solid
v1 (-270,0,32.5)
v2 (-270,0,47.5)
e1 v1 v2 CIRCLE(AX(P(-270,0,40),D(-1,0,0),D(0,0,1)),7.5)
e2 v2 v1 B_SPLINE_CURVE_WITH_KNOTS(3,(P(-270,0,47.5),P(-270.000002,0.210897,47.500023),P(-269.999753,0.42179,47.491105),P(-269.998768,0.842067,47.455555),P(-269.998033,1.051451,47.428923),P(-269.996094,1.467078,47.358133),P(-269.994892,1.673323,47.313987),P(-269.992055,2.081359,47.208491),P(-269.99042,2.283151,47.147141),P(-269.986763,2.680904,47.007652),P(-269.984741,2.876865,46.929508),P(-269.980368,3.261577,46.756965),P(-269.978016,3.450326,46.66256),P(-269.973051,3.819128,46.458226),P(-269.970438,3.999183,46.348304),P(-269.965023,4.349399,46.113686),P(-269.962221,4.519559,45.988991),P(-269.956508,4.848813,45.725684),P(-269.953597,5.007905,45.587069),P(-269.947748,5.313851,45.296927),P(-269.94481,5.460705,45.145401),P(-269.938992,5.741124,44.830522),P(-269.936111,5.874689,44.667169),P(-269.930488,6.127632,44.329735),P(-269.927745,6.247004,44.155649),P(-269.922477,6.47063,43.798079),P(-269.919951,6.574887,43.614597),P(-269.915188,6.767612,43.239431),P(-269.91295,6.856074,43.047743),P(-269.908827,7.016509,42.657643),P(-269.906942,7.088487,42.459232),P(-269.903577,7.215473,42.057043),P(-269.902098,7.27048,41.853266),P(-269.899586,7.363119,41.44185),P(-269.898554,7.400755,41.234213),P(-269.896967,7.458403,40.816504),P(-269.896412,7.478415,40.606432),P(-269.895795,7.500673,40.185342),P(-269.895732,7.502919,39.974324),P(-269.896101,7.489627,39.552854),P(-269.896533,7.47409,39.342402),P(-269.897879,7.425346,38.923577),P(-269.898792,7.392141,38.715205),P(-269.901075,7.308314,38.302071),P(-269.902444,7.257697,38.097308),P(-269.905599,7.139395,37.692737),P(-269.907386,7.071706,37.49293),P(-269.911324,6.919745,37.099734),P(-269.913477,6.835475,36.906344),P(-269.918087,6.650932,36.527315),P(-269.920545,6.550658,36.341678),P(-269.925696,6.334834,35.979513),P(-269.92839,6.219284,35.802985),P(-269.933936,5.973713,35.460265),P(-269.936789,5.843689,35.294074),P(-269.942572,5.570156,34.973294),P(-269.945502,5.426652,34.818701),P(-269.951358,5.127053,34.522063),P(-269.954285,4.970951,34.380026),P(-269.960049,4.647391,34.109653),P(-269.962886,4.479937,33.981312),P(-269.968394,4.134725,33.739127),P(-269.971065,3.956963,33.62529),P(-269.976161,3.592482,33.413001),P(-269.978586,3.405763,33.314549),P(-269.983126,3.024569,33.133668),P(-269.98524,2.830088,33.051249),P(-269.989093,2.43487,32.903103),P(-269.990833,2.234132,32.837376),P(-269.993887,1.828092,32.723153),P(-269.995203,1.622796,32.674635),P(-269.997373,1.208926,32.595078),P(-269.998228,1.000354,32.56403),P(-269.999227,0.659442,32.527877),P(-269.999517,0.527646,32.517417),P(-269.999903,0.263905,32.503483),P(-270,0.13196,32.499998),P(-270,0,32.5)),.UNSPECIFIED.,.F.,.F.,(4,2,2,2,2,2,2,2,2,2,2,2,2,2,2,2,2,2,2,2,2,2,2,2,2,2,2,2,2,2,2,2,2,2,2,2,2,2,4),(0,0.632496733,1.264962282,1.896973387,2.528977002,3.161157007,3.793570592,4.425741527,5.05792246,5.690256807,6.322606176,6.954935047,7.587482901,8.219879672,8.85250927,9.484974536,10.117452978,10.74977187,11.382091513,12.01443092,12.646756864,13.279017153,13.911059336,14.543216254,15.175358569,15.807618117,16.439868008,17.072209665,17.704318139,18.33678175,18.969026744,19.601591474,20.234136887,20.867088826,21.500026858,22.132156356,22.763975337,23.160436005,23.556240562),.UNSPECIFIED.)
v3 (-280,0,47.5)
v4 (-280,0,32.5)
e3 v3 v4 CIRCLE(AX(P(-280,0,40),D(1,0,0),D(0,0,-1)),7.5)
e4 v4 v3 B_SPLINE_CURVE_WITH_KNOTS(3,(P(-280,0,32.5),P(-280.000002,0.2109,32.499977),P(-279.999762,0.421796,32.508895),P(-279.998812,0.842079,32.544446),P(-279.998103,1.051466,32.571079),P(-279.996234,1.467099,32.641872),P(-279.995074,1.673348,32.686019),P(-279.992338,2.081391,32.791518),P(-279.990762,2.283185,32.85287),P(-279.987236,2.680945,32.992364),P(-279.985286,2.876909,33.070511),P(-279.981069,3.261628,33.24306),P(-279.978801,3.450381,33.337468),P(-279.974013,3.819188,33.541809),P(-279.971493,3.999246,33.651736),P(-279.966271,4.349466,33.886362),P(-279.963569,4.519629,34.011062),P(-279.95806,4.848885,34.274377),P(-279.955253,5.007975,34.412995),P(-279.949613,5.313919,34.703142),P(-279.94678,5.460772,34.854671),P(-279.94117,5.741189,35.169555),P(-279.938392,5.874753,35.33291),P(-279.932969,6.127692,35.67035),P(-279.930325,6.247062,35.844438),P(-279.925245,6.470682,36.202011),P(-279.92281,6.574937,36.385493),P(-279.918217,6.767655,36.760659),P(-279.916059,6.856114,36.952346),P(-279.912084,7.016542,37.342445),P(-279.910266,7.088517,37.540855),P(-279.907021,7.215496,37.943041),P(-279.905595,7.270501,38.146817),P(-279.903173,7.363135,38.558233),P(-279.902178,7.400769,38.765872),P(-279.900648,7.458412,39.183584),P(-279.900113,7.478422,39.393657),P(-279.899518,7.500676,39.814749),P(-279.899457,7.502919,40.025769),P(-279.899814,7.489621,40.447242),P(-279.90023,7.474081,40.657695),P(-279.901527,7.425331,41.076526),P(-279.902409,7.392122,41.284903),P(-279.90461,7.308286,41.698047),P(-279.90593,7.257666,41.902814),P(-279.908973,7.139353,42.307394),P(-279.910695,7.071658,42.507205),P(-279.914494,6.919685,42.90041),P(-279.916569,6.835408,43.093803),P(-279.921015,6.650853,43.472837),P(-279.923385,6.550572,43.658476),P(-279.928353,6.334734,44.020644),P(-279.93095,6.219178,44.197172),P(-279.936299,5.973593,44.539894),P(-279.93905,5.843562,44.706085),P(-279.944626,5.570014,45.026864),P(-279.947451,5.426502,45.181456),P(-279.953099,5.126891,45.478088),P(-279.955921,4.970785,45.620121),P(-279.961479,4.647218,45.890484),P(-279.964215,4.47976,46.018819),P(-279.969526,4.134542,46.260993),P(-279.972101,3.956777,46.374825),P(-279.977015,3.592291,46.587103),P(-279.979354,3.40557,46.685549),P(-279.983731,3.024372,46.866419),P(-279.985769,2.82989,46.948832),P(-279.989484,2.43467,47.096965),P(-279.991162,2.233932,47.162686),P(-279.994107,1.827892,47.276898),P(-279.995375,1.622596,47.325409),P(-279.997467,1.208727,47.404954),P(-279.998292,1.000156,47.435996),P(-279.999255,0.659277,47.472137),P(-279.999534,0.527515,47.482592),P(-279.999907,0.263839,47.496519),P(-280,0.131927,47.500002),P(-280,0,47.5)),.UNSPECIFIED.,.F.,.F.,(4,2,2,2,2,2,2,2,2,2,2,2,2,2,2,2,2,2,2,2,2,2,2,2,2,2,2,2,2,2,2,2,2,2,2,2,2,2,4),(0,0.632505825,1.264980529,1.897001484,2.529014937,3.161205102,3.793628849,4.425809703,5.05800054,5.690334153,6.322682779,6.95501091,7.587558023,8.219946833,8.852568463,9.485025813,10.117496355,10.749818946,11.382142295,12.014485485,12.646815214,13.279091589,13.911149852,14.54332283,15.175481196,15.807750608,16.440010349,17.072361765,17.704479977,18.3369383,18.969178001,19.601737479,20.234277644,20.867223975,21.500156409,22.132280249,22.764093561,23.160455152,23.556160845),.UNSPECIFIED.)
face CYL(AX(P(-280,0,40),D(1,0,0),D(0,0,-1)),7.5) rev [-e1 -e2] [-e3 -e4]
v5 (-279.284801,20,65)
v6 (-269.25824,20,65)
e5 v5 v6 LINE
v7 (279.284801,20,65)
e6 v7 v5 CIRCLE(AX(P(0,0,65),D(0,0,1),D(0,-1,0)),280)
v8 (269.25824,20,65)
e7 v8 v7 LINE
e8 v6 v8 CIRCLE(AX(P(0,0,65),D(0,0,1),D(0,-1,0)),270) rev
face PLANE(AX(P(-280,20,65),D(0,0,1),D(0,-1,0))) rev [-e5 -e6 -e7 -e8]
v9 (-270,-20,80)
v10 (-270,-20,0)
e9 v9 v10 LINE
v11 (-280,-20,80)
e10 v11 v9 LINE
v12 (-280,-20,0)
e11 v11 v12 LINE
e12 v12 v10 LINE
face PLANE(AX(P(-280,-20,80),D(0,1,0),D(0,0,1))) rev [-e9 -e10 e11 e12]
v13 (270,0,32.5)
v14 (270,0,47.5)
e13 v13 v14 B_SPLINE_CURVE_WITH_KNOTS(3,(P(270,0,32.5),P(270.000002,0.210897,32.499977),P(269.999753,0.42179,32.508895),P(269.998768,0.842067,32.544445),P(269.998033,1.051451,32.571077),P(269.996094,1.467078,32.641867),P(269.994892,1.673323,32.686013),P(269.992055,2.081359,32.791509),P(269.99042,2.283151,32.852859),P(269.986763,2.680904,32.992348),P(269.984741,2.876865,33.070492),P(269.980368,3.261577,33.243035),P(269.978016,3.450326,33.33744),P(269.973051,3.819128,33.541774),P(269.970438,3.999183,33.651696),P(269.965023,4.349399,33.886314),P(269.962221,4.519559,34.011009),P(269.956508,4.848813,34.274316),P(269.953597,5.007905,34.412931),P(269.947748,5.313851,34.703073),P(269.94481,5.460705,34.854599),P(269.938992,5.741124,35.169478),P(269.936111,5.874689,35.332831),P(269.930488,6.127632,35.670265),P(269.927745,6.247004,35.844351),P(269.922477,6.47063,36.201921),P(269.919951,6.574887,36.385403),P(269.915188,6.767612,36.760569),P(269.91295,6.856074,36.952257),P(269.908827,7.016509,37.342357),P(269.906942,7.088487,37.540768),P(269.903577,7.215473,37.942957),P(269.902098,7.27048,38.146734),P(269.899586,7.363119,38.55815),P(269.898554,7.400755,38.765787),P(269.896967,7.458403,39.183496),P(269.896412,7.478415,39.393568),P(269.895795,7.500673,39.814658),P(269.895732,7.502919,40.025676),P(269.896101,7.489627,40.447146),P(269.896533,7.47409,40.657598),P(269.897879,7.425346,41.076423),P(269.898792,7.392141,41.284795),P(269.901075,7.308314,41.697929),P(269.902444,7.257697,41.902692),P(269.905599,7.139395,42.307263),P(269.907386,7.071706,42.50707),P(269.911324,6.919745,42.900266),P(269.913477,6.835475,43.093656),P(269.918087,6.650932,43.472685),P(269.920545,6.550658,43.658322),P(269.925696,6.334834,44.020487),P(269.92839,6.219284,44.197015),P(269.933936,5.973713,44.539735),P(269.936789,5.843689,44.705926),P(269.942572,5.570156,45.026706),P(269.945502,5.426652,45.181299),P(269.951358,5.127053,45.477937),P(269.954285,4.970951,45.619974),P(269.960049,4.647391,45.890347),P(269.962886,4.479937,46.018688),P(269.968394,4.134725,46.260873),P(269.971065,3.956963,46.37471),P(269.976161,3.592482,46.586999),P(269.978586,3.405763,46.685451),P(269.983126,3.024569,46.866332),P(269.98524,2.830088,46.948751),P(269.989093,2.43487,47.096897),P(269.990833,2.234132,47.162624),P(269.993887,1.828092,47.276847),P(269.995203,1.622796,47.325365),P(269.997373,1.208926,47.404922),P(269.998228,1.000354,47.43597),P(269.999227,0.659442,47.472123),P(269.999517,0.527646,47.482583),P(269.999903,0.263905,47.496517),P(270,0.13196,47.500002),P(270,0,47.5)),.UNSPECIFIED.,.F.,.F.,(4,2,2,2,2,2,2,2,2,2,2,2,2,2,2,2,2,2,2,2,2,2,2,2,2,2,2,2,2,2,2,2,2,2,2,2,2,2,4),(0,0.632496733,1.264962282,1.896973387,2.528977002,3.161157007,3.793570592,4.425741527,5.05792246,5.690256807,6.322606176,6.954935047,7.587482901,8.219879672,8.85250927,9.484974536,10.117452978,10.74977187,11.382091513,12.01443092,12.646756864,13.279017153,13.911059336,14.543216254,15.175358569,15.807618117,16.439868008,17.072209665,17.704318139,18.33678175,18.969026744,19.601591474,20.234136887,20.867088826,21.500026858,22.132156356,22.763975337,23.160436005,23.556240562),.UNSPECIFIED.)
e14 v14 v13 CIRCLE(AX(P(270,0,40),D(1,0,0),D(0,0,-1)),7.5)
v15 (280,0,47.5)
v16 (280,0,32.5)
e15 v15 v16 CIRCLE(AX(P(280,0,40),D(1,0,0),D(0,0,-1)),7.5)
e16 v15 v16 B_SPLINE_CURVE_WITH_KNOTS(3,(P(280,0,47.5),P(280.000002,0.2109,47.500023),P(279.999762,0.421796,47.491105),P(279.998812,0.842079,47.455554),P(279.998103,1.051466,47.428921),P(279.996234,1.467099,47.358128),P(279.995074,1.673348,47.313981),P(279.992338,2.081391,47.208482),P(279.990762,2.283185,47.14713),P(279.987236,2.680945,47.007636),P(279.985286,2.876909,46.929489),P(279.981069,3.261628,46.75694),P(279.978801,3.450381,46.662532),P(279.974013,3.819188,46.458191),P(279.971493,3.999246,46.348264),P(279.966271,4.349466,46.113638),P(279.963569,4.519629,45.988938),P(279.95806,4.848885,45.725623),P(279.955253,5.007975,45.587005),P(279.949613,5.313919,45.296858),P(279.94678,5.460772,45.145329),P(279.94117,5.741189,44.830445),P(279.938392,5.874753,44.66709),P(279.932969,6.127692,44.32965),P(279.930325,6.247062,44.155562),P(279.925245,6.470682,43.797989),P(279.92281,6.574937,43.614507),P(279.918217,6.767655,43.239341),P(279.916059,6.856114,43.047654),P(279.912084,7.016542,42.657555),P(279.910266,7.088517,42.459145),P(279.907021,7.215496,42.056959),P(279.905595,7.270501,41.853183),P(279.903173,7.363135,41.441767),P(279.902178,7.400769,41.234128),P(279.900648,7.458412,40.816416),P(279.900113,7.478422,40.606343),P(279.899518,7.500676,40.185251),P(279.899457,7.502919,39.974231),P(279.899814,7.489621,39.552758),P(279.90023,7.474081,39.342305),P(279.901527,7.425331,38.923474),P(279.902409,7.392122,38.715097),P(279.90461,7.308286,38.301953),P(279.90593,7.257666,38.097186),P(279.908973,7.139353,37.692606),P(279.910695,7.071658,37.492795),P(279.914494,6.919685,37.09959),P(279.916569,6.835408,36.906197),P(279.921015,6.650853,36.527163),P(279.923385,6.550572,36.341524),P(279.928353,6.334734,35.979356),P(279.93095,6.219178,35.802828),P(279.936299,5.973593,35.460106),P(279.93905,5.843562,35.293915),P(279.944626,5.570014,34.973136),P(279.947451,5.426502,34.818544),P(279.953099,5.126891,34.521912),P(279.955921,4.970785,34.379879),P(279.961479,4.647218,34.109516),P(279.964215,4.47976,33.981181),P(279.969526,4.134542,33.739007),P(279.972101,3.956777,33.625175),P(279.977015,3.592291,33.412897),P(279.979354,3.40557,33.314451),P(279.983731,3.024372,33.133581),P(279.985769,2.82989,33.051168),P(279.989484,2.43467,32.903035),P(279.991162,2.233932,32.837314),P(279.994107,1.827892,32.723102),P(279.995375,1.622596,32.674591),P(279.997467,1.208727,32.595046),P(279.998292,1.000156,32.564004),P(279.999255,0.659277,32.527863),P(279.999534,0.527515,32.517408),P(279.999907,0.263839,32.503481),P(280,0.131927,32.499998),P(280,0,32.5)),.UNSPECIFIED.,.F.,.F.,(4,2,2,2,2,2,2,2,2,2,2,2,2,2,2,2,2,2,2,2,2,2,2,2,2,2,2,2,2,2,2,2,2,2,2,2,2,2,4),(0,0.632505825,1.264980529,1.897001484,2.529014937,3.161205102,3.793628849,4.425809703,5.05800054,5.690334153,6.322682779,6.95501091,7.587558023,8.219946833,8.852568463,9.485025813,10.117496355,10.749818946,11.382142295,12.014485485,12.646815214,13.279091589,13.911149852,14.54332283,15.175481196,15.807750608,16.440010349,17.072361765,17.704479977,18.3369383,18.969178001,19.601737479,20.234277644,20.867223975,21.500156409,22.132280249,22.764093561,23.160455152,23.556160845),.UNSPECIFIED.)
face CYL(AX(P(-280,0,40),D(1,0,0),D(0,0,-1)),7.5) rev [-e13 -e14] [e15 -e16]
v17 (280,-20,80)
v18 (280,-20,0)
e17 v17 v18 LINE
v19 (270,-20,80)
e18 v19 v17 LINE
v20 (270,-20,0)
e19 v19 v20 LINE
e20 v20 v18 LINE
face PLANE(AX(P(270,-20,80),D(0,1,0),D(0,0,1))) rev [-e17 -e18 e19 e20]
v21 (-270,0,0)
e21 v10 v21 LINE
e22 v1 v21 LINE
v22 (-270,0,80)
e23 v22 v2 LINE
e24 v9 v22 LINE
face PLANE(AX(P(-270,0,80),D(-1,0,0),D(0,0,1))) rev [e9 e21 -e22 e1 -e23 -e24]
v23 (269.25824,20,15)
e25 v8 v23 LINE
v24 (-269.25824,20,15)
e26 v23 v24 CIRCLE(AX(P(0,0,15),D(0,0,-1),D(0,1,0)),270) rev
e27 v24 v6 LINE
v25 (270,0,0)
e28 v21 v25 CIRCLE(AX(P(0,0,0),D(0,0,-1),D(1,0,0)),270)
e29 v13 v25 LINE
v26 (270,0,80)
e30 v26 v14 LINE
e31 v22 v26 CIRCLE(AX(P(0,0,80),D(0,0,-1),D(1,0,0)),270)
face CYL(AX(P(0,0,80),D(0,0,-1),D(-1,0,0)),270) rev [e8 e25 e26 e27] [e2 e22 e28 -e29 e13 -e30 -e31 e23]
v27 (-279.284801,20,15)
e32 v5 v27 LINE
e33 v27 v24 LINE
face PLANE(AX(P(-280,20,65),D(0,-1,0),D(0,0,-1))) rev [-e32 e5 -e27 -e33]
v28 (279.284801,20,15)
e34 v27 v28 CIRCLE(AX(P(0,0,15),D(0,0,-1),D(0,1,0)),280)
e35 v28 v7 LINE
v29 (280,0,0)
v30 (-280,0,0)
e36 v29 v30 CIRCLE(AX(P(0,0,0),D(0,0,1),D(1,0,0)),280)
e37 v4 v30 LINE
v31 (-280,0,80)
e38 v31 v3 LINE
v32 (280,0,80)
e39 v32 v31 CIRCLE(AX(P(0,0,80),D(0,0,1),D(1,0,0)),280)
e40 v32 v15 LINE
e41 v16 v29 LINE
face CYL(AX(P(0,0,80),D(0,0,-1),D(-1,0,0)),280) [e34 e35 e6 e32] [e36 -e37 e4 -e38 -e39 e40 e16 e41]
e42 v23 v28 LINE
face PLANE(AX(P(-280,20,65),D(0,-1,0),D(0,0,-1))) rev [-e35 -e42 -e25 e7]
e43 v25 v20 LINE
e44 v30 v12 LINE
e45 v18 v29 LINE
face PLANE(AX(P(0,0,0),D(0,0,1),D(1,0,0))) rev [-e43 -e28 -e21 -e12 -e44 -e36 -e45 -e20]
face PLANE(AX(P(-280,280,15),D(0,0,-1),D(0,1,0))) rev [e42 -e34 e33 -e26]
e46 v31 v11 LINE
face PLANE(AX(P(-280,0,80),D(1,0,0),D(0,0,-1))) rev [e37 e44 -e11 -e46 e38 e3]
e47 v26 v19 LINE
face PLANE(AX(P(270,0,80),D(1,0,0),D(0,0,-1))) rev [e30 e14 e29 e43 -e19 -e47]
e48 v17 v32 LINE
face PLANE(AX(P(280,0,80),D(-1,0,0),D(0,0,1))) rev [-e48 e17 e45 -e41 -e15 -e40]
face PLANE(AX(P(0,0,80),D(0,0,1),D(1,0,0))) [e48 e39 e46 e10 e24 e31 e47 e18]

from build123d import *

# Parameters (mm, degrees)
BOSS_EXTRUDE1_DEPTH = 80
SKETCH2_R           = 7.5
CUT_EXTRUDE2_DEPTH  = 632.189353522
SKETCH4_W           = 50
SKETCH4_H           = 260
CUT_EXTRUDE3_DEPTH  = 632.189353668


with BuildPart() as part:
    # Sketch1 → Boss-Extrude1 (new body)
    with BuildSketch(Plane.XY):
        with BuildLine():
            Line((-280, 0), (-280, -20))
            Line((-280, -20), (-270, -20))
            Line((-270, -20), (-270, 0))
            ThreePointArc((-270, 0), (0, 270), (270, 0))
            Line((270, 0), (270, -20))
            Line((270, -20), (280, -20))
            Line((280, -20), (280, 0))
            ThreePointArc((280, 0), (0, 280), (-280, 0))
        make_face()
    extrude(amount=BOSS_EXTRUDE1_DEPTH)

    # Sketch2 → Cut-Extrude2 (cut, through all)
    with BuildSketch(Plane(origin=(280, 0, 0), x_dir=(0, 0, -1), z_dir=(1, 0, 0))):
        with Locations((-40, 0)):
            Circle(SKETCH2_R)
    extrude(amount=-CUT_EXTRUDE2_DEPTH, mode=Mode.SUBTRACT)

    # Sketch4 → Cut-Extrude3 (cut, through all)
    with BuildSketch(Plane(origin=(280, 0, 0), x_dir=(0, 0, -1), z_dir=(1, 0, 0))):
        with Locations((-40, 150)):
            Rectangle(SKETCH4_W, SKETCH4_H)
    extrude(amount=-CUT_EXTRUDE3_DEPTH, mode=Mode.SUBTRACT)


solid = part.part
